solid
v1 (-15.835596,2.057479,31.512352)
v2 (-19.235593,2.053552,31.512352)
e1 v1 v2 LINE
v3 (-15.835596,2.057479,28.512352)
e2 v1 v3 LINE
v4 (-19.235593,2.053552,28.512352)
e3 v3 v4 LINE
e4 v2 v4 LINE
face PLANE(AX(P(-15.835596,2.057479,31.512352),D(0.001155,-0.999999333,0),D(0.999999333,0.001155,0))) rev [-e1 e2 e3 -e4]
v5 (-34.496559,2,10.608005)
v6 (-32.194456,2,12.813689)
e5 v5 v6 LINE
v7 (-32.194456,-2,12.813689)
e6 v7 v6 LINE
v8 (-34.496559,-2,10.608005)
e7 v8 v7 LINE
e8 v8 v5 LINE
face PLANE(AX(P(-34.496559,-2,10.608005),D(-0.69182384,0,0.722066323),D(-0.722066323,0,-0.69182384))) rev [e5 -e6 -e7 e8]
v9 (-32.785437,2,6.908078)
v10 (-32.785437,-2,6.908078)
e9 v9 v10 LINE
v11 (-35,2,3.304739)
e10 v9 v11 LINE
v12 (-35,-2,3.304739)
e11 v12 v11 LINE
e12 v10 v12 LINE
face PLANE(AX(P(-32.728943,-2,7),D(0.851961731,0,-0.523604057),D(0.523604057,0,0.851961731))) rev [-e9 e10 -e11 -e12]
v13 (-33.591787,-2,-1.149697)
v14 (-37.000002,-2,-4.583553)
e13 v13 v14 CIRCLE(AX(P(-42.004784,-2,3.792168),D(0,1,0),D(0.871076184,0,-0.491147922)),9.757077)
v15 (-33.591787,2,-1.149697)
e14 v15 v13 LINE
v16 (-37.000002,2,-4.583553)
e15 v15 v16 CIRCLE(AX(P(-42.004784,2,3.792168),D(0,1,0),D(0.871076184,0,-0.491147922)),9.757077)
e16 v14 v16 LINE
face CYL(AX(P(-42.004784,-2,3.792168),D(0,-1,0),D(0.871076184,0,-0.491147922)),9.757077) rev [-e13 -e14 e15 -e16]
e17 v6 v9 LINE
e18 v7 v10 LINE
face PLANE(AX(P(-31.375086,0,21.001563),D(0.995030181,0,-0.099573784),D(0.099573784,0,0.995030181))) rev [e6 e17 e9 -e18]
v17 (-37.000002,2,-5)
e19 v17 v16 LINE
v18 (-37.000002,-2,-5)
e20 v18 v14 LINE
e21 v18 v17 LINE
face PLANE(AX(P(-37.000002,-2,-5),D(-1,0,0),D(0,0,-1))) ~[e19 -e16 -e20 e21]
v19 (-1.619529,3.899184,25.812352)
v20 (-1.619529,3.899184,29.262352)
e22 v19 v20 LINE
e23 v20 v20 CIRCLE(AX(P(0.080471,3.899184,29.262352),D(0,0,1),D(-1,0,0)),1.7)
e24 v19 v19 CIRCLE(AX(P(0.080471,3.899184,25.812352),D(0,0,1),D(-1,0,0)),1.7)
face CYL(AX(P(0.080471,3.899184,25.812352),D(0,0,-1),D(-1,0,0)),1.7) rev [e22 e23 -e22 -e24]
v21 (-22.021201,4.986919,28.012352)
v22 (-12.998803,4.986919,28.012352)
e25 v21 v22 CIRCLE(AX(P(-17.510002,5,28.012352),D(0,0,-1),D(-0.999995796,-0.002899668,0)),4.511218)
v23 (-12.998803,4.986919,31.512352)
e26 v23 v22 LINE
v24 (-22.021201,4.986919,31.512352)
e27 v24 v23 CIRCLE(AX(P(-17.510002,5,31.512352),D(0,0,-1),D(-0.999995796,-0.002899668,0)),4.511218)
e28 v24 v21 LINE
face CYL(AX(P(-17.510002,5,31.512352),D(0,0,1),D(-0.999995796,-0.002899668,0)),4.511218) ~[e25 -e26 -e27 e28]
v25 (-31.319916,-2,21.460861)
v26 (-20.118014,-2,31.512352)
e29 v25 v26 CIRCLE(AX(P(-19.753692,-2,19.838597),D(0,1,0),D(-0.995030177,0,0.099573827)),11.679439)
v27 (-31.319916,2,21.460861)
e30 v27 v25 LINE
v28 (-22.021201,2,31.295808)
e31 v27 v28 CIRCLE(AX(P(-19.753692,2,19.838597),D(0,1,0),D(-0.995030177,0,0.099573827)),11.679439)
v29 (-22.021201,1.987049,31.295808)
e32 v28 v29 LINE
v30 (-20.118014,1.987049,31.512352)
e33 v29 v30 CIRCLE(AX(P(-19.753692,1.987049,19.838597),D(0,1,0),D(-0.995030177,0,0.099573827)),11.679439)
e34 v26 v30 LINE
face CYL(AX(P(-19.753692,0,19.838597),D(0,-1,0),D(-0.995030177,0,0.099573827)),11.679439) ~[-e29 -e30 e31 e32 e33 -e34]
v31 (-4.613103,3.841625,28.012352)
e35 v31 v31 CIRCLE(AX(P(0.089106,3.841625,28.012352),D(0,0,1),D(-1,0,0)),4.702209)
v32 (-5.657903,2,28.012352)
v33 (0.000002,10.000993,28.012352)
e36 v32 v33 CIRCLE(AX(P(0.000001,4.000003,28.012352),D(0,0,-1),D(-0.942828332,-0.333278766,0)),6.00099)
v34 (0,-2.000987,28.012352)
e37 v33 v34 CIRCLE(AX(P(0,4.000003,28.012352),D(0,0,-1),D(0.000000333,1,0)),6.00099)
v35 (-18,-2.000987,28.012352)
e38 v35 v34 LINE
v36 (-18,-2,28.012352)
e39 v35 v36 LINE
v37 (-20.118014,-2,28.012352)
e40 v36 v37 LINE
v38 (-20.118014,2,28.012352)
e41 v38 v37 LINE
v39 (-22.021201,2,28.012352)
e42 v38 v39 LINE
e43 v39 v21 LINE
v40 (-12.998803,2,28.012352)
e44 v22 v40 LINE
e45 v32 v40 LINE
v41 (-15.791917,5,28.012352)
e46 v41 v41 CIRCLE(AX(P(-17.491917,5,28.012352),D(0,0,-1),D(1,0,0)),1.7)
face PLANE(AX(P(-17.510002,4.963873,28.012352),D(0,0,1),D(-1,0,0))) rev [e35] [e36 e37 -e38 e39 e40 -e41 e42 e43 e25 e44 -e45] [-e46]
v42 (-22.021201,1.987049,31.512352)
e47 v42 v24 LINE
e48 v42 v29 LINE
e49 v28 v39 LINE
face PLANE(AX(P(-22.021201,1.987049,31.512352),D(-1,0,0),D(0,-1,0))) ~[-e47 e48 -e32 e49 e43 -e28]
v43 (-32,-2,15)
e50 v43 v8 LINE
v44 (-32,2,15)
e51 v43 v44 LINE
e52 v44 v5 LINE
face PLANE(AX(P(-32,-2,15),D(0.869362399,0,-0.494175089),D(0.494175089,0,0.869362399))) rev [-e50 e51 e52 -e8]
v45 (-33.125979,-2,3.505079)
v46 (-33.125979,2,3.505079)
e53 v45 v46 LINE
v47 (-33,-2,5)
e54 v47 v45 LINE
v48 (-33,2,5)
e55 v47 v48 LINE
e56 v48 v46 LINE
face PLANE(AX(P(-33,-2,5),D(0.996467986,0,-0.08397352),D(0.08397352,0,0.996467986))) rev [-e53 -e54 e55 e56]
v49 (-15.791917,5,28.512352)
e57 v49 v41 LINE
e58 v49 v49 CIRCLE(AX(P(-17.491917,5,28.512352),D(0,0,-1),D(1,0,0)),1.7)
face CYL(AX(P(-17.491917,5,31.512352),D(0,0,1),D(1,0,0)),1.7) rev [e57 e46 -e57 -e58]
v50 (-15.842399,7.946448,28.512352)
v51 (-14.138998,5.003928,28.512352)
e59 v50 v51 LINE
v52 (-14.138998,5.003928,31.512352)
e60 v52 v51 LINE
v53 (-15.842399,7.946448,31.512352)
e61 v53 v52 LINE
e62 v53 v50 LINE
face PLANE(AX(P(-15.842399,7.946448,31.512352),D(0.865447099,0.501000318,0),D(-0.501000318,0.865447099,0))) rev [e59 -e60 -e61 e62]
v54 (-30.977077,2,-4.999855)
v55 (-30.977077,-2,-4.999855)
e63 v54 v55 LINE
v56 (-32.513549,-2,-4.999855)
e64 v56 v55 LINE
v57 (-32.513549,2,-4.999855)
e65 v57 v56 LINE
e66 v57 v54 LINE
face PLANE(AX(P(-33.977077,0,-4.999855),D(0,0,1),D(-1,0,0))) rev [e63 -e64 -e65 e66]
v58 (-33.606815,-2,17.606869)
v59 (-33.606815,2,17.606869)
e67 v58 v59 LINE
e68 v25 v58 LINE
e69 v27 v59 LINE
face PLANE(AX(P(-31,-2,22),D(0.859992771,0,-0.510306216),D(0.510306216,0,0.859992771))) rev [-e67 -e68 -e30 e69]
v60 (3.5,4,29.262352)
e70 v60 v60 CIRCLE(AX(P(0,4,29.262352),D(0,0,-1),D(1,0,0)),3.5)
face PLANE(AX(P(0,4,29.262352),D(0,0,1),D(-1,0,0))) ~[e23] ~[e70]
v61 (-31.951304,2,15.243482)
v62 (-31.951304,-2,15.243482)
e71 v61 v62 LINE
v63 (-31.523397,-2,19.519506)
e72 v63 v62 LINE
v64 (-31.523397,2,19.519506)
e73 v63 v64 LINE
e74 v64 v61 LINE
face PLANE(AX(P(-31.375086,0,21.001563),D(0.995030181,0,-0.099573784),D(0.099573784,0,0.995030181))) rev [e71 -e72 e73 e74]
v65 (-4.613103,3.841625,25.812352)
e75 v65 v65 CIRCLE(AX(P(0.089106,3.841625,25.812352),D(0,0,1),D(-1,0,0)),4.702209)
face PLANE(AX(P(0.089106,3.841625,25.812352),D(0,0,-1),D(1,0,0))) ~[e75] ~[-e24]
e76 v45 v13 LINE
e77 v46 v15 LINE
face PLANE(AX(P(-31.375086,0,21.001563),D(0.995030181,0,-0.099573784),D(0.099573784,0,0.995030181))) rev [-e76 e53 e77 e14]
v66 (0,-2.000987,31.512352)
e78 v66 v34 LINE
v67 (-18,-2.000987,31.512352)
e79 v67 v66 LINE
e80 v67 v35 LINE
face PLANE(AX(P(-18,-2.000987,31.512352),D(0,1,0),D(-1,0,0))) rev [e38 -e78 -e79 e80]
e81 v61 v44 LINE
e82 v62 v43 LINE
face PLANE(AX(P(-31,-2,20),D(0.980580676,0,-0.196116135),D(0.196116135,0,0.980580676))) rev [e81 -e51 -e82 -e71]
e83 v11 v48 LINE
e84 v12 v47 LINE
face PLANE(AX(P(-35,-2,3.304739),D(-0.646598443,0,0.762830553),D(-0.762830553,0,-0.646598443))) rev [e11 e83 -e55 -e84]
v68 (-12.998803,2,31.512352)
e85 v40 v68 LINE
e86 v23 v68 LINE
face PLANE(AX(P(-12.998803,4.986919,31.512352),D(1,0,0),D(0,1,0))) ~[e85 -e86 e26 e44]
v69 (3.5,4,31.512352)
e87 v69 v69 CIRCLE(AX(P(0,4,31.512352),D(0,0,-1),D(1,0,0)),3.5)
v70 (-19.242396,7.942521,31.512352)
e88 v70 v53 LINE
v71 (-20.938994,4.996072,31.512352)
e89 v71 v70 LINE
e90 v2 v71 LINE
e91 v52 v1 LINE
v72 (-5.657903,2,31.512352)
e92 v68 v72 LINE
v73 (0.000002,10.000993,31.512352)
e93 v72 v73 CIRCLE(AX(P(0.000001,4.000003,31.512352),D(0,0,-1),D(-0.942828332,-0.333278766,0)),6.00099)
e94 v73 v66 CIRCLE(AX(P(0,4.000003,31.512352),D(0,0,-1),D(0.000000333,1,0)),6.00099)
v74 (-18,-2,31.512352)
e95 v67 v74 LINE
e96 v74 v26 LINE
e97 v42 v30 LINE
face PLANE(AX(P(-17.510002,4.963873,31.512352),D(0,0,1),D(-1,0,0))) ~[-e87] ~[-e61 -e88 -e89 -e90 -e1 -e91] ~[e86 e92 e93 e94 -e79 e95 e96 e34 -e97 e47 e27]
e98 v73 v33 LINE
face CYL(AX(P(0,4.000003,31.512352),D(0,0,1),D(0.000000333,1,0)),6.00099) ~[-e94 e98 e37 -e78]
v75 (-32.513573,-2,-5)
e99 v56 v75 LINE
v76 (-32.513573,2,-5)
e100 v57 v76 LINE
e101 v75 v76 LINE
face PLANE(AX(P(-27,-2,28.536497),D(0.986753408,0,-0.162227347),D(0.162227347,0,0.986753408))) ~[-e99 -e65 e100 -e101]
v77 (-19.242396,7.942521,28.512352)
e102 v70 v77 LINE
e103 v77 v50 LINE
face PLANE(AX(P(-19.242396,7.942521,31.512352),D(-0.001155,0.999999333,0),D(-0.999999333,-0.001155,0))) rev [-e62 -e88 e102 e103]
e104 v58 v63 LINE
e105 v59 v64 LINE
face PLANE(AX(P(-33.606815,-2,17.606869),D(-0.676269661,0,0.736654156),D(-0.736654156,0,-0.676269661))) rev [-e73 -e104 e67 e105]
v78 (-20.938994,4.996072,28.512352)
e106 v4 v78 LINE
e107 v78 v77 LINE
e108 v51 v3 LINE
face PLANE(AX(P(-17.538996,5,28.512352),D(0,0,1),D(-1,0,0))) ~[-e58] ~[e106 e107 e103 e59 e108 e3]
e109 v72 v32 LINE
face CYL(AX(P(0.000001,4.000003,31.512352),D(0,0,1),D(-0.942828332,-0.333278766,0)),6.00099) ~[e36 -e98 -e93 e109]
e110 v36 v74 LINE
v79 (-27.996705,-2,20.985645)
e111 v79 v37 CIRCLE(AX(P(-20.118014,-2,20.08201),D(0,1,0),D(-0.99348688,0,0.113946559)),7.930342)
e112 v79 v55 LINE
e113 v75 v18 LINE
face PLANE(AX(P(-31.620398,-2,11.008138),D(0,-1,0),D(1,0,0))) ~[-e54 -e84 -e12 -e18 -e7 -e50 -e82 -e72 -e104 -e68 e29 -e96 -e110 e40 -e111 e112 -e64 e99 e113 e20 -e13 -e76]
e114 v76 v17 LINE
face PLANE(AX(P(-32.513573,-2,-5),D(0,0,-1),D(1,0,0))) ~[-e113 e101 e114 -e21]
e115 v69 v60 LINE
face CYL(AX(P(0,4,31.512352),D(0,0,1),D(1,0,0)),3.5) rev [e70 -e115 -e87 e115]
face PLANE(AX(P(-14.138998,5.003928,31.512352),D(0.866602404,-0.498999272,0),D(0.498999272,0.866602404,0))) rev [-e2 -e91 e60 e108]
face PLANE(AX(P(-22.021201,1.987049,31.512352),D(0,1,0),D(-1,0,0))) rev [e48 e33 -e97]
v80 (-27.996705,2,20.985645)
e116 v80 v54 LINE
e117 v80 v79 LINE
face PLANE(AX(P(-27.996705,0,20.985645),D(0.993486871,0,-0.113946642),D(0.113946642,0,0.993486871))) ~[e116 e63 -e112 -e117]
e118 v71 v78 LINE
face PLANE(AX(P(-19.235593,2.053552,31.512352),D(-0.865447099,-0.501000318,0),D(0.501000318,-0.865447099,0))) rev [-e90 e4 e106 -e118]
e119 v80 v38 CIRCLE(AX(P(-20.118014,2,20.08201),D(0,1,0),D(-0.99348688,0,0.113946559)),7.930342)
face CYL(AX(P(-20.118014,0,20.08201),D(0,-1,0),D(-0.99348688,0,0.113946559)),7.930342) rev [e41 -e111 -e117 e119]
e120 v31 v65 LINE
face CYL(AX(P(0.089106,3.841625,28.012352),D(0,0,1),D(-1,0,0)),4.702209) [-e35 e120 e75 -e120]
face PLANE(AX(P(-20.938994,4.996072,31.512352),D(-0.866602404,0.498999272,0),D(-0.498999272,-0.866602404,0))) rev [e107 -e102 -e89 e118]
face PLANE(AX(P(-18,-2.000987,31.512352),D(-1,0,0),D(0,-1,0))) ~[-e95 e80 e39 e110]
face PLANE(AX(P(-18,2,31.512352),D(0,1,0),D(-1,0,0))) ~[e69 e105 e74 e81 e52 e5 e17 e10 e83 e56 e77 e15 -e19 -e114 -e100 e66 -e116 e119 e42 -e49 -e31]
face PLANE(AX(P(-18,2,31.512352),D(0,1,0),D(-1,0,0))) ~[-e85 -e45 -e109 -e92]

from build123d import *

# Parameters (mm, degrees)
PAD022_DEPTH       = 2
PAD023_DEPTH       = 3.5
SKETCH036_R        = 3.5
POCKET003017_DEPTH = 2.25
SKETCH037_R        = 4.702209
PAD024_DEPTH       = 2.2
SKETCH038_R        = 1.7
POCKET003018_DEPTH = 5
PAD027_DEPTH       = 3.5
SKETCH044_R        = 1.7
POCKET003021_DEPTH = 5
POCKET003037_DEPTH = 3
PAD042_DEPTH       = 4


with BuildPart() as v4_non_servo_sg90_leg:
    # Sketch034 → Pad022 (new body, symmetric)
    with BuildSketch(Plane.XZ):
        with BuildLine():
            Line((0, 28.012352), (20.118014, 28.012352))
            ThreePointArc((27.996705, 20.985645), (25.39647, 26.000475), (20.118014, 28.012352))
            Line((27.996705, 20.985645), (30.977077, -4.999855))
            Line((33.977077, -4.999855), (30.977077, -4.999855))
            Line((31.375086, 21.001563), (33.977077, -4.999855))
            ThreePointArc((31.375086, 21.001563), (27.724484, 28.375327), (20.118014, 31.512352))
            Line((0, 31.512352), (20.118014, 31.512352))
            Line((0, 28.012352), (0, 31.512352))
        make_face()
    extrude(amount=PAD022_DEPTH, both=True)

    # Sketch035 → Pad023 (new body)
    with BuildSketch(Plane(origin=(0, 0, 31.512352), x_dir=(-1, 0, 0), z_dir=(0, 0, 1))):
        with BuildLine():
            Line((-18, 2.000987), (0, 2.000987))
            ThreePointArc((2e-06, -10.000993), (6.00099, -4.000002), (0, 2.000987))
            ThreePointArc((-5.657903, -2), (-4.899687, -7.464818), (2e-06, -10.000993))
            Line((-18, -2), (-5.657903, -2))
            Line((-18, 2.000987), (-18, -2))
        make_face()
    extrude(amount=-PAD023_DEPTH)

    # Sketch036 → Pocket003017 (cut)
    with BuildSketch(Plane(origin=(0, 0, 31.512352), x_dir=(-1, 0, 0), z_dir=(0, 0, 1))):
        with Locations((0, -4)):
            Circle(SKETCH036_R)
    extrude(amount=-POCKET003017_DEPTH, mode=Mode.SUBTRACT)

    # Sketch037 → Pad024 (new body)
    with BuildSketch(Plane(origin=(0, 0, 28.012352), x_dir=(1, 0, 0), z_dir=(0, 0, -1))):
        with Locations((-0.089106, -3.841625)):
            Circle(SKETCH037_R)
    extrude(amount=PAD024_DEPTH)

    # Sketch038 → Pocket003018 (cut)
    with BuildSketch(Plane(origin=(0, 0, 25.812352), x_dir=(1, 0, 0), z_dir=(0, 0, -1))):
        with Locations((-0.080471, -3.899184)):
            Circle(SKETCH038_R)
    extrude(amount=-POCKET003018_DEPTH, mode=Mode.SUBTRACT)

    # Sketch043 → Pad027 (new body)
    with BuildSketch(Plane(origin=(0, 0, 31.512352), x_dir=(-1, 0, 0), z_dir=(0, 0, 1))):
        with BuildLine():
            Line((-22.021201, -1.987049), (-22.021201, -4.986919))
            ThreePointArc((-22.021201, -4.986919), (-17.510002, -9.511218), (-12.998803, -4.986919))
            Line((-12.998803, -4.986919), (-12.998803, -1.987049))
            Line((-22.021201, -1.987049), (-12.998803, -1.987049))
        make_face()
    extrude(amount=-PAD027_DEPTH)

    # Sketch044 → Pocket003021 (cut)
    with BuildSketch(Plane(origin=(0, 0, 31.512352), x_dir=(-1, 0, 0), z_dir=(0, 0, 1))):
        with Locations((-17.491917, -5)):
            Circle(SKETCH044_R)
    extrude(amount=-POCKET003021_DEPTH, mode=Mode.SUBTRACT)

    # Sketch071 → Pocket003037 (cut)
    with BuildSketch(Plane(origin=(0, 0, 31.512352), x_dir=(-1, 0, 0), z_dir=(0, 0, 1))):
        Polygon((-14.138998, -5.003928), (-15.835596, -2.057479), (-19.235593, -2.053552), (-20.938994, -4.996072), (-19.242396, -7.942521), (-15.842399, -7.946448), align=None)
    extrude(amount=-POCKET003037_DEPTH, mode=Mode.SUBTRACT)

    # Sketch072 → Pad042 (new body)
    with BuildSketch(Plane.XZ.offset(2)):
        with BuildLine():
            Line((27, 28.536497), (32.513573, -5))
            Line((32.513573, -5), (37.000002, -5))
            Line((37.000002, -5), (37.000002, -4.583553))
            ThreePointArc((33.505627, -1), (35.019116, -3.019659), (37.000002, -4.583553))
            Line((33, 5), (33.505627, -1))
            Line((35, 3.304739), (33, 5))
            Line((32.728943, 7), (35, 3.304739))
            Line((32, 13), (32.728943, 7))
            Line((34.496559, 10.608005), (32, 13))
            Line((32, 15), (34.496559, 10.608005))
            Line((31, 20), (32, 15))
            Line((33.606815, 17.606869), (31, 20))
            Line((31, 22), (33.606815, 17.606869))
            Line((27, 28.536497), (31, 22))
        make_face()
    extrude(amount=-PAD042_DEPTH)


with BuildPart() as part_mirroring011:
    # Part__Mirroring011: instance of V4_non_servo_SG90_leg
    add(v4_non_servo_sg90_leg.part.mirror(Plane(origin=(0, 0, 0), x_dir=(0, -1, 0), z_dir=(1, 0, 0))))


solid = part_mirroring011.part
